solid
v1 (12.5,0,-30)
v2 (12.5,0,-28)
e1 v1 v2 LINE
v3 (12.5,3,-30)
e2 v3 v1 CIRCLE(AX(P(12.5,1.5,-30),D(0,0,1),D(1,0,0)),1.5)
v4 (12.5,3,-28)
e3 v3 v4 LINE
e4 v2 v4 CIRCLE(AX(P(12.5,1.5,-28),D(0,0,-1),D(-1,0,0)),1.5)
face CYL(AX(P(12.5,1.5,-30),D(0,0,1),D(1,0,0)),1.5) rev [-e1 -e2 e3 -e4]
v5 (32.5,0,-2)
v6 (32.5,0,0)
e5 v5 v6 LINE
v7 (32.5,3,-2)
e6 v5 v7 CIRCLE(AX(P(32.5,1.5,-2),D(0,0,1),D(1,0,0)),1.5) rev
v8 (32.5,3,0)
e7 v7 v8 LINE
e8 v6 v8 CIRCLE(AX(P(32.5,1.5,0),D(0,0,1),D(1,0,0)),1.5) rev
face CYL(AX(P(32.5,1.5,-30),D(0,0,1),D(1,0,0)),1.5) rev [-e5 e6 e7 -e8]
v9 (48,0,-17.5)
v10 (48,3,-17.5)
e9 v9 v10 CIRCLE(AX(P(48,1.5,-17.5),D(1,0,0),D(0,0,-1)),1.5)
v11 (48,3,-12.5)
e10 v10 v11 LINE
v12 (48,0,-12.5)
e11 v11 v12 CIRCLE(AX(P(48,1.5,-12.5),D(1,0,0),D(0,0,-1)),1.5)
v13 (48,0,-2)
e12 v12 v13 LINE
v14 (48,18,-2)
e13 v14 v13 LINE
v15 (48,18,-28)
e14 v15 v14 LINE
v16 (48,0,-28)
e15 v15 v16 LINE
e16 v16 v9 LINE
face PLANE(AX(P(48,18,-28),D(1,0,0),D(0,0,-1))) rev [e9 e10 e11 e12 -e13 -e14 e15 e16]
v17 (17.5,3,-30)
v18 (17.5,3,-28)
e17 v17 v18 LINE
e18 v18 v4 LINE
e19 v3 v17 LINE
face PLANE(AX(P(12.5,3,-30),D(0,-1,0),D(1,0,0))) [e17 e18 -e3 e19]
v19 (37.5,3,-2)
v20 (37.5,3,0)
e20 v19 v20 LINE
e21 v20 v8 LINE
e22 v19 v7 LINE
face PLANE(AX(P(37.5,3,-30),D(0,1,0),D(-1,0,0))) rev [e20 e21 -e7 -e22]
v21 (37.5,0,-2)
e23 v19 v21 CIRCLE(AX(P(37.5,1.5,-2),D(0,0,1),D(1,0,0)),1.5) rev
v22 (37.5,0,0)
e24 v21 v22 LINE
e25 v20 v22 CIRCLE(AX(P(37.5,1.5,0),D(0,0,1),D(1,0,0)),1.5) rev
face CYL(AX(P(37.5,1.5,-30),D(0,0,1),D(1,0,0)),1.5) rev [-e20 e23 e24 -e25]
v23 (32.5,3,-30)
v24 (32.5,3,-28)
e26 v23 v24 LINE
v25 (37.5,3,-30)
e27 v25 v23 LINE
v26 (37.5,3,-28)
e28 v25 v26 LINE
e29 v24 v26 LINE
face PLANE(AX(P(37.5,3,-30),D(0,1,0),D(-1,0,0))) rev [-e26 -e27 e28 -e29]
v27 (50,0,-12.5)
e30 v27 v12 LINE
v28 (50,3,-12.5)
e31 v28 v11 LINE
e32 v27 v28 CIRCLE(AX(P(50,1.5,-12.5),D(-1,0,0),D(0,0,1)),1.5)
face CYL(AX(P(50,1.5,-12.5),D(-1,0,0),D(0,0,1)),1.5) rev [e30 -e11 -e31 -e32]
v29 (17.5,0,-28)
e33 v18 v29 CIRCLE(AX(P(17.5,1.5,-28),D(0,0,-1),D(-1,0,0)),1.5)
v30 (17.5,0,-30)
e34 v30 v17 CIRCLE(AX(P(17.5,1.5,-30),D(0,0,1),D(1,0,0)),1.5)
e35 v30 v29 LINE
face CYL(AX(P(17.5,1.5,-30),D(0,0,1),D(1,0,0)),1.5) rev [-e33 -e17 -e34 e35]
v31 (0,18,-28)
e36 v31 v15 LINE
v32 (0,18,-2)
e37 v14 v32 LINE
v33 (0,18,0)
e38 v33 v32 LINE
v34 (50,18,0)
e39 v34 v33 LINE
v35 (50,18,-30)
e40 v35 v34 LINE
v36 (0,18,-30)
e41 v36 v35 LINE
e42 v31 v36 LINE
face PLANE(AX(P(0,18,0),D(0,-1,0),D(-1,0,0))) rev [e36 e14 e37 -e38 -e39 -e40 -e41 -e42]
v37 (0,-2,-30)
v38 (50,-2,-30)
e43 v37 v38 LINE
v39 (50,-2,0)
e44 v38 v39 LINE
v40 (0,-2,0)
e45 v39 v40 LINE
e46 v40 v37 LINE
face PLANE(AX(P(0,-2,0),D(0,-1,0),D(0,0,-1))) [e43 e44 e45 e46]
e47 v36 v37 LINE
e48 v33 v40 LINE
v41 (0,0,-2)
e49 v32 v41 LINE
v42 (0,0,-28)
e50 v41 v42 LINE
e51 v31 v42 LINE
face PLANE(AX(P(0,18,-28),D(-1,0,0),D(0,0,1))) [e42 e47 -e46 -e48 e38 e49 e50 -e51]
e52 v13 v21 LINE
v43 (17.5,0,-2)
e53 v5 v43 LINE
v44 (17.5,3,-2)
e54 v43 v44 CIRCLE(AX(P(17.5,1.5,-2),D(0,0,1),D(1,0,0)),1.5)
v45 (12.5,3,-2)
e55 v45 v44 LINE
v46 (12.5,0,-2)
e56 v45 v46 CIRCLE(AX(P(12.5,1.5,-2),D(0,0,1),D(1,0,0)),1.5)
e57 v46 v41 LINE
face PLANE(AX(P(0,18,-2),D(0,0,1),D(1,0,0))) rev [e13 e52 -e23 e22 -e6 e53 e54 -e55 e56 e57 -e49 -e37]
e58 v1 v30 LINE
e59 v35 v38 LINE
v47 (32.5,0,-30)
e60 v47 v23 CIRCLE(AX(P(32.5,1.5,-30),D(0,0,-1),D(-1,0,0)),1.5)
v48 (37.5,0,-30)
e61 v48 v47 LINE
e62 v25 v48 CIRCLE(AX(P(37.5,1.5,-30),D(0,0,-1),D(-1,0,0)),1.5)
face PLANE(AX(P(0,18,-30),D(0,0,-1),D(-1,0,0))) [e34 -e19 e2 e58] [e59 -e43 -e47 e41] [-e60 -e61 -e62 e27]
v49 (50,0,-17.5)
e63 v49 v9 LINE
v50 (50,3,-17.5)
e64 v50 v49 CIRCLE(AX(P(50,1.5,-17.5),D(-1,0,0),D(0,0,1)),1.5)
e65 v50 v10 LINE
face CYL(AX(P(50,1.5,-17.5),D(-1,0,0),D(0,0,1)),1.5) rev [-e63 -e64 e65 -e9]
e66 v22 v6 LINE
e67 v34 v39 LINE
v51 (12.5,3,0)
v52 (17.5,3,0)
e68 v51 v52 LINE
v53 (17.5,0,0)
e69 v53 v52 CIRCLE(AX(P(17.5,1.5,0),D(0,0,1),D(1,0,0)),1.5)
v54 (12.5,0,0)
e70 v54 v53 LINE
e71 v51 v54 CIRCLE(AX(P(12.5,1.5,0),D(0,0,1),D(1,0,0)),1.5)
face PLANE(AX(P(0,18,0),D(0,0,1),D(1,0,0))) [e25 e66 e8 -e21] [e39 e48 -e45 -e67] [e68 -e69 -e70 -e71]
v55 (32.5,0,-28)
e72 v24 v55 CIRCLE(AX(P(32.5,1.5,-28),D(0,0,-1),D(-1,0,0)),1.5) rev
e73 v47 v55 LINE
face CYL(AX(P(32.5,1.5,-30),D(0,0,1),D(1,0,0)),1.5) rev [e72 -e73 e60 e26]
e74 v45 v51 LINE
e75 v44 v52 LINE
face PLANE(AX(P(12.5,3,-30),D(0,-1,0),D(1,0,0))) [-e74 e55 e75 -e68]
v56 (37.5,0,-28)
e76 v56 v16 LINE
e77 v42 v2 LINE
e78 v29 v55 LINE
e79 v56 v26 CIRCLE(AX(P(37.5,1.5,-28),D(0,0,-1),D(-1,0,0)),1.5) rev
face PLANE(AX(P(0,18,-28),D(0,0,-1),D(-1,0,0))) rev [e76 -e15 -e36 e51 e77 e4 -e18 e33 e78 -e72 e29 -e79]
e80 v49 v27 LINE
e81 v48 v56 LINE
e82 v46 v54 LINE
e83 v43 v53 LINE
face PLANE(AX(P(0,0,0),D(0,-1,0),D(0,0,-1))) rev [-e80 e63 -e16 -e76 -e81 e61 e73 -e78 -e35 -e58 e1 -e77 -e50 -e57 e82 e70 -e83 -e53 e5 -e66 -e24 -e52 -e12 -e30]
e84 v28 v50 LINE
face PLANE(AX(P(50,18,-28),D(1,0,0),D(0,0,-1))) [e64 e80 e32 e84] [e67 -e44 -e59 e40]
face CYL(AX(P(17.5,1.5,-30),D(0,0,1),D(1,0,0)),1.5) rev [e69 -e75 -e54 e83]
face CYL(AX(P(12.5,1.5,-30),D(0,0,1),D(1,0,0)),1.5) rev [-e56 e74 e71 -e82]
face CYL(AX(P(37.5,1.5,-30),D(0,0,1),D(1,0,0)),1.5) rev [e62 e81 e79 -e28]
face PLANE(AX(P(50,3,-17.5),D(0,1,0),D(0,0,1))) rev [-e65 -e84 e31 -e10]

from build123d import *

# Parameters (mm, degrees)
EXTRUDE_THIN1_DEPTH     = 18
SKETCH2_W               = 50
SKETCH2_H               = 30
BOSS_EXTRUDE1_DEPTH     = 2
CUT_EXTRUDE1_DEPTH      = 62.02458521
CUT_EXTRUDE1_DEPTH_BACK = 62.02458521
CUT_EXTRUDE2_DEPTH      = 60.39696962
CUT_EXTRUDE2_DEPTH_BACK = 60.39696962


with BuildPart() as part:
    # Sketch1 → Extrude-Thin1 (new body)
    with BuildSketch(Plane(origin=(0, 0, 0), x_dir=(1, 0, 0), z_dir=(0, 1, 0))):
        Polygon((0, 28), (48, 28), (48, 2), (0, 2), (0, 0), (50, 0), (50, 30), (0, 30), align=None)
    extrude(amount=EXTRUDE_THIN1_DEPTH)

    # Sketch2 → Boss-Extrude1 (add)
    with BuildSketch(Plane.XZ):
        with Locations((25, -15)):
            Rectangle(SKETCH2_W, SKETCH2_H)
    extrude(amount=BOSS_EXTRUDE1_DEPTH)

    # Sketch3 → Cut-Extrude1 (cut, two sides: drawn at the far end of the back side and taken through both)
    with BuildSketch(Plane.XY.offset(-CUT_EXTRUDE1_DEPTH_BACK)):
        with BuildLine():
            Line((12.5, 3), (17.5, 3))
            ThreePointArc((17.5, 3), (19, 1.5), (17.5, 0))
            Line((17.5, 0), (12.5, 0))
            ThreePointArc((12.5, 0), (11, 1.5), (12.5, 3))
        make_face()
        with BuildLine():
            Line((37.5, 3), (32.5, 3))
            ThreePointArc((32.5, 3), (31, 1.5), (32.5, 0))
            Line((32.5, 0), (37.5, 0))
            ThreePointArc((37.5, 0), (39, 1.5), (37.5, 3))
        make_face()
    extrude(amount=CUT_EXTRUDE1_DEPTH + CUT_EXTRUDE1_DEPTH_BACK, mode=Mode.SUBTRACT)

    # Sketch4 → Cut-Extrude2 (cut, two sides: drawn at the far end of the back side and taken through both)
    with BuildSketch(Plane.ZY.offset(-48).offset(-CUT_EXTRUDE2_DEPTH_BACK)):
        with BuildLine():
            Line((-17.5, 3), (-12.5, 3))
            ThreePointArc((-12.5, 3), (-11, 1.5), (-12.5, 0))
            Line((-12.5, 0), (-17.5, 0))
            ThreePointArc((-17.5, 0), (-19, 1.5), (-17.5, 3))
        make_face()
    extrude(amount=CUT_EXTRUDE2_DEPTH + CUT_EXTRUDE2_DEPTH_BACK, mode=Mode.SUBTRACT)


solid = part.part
